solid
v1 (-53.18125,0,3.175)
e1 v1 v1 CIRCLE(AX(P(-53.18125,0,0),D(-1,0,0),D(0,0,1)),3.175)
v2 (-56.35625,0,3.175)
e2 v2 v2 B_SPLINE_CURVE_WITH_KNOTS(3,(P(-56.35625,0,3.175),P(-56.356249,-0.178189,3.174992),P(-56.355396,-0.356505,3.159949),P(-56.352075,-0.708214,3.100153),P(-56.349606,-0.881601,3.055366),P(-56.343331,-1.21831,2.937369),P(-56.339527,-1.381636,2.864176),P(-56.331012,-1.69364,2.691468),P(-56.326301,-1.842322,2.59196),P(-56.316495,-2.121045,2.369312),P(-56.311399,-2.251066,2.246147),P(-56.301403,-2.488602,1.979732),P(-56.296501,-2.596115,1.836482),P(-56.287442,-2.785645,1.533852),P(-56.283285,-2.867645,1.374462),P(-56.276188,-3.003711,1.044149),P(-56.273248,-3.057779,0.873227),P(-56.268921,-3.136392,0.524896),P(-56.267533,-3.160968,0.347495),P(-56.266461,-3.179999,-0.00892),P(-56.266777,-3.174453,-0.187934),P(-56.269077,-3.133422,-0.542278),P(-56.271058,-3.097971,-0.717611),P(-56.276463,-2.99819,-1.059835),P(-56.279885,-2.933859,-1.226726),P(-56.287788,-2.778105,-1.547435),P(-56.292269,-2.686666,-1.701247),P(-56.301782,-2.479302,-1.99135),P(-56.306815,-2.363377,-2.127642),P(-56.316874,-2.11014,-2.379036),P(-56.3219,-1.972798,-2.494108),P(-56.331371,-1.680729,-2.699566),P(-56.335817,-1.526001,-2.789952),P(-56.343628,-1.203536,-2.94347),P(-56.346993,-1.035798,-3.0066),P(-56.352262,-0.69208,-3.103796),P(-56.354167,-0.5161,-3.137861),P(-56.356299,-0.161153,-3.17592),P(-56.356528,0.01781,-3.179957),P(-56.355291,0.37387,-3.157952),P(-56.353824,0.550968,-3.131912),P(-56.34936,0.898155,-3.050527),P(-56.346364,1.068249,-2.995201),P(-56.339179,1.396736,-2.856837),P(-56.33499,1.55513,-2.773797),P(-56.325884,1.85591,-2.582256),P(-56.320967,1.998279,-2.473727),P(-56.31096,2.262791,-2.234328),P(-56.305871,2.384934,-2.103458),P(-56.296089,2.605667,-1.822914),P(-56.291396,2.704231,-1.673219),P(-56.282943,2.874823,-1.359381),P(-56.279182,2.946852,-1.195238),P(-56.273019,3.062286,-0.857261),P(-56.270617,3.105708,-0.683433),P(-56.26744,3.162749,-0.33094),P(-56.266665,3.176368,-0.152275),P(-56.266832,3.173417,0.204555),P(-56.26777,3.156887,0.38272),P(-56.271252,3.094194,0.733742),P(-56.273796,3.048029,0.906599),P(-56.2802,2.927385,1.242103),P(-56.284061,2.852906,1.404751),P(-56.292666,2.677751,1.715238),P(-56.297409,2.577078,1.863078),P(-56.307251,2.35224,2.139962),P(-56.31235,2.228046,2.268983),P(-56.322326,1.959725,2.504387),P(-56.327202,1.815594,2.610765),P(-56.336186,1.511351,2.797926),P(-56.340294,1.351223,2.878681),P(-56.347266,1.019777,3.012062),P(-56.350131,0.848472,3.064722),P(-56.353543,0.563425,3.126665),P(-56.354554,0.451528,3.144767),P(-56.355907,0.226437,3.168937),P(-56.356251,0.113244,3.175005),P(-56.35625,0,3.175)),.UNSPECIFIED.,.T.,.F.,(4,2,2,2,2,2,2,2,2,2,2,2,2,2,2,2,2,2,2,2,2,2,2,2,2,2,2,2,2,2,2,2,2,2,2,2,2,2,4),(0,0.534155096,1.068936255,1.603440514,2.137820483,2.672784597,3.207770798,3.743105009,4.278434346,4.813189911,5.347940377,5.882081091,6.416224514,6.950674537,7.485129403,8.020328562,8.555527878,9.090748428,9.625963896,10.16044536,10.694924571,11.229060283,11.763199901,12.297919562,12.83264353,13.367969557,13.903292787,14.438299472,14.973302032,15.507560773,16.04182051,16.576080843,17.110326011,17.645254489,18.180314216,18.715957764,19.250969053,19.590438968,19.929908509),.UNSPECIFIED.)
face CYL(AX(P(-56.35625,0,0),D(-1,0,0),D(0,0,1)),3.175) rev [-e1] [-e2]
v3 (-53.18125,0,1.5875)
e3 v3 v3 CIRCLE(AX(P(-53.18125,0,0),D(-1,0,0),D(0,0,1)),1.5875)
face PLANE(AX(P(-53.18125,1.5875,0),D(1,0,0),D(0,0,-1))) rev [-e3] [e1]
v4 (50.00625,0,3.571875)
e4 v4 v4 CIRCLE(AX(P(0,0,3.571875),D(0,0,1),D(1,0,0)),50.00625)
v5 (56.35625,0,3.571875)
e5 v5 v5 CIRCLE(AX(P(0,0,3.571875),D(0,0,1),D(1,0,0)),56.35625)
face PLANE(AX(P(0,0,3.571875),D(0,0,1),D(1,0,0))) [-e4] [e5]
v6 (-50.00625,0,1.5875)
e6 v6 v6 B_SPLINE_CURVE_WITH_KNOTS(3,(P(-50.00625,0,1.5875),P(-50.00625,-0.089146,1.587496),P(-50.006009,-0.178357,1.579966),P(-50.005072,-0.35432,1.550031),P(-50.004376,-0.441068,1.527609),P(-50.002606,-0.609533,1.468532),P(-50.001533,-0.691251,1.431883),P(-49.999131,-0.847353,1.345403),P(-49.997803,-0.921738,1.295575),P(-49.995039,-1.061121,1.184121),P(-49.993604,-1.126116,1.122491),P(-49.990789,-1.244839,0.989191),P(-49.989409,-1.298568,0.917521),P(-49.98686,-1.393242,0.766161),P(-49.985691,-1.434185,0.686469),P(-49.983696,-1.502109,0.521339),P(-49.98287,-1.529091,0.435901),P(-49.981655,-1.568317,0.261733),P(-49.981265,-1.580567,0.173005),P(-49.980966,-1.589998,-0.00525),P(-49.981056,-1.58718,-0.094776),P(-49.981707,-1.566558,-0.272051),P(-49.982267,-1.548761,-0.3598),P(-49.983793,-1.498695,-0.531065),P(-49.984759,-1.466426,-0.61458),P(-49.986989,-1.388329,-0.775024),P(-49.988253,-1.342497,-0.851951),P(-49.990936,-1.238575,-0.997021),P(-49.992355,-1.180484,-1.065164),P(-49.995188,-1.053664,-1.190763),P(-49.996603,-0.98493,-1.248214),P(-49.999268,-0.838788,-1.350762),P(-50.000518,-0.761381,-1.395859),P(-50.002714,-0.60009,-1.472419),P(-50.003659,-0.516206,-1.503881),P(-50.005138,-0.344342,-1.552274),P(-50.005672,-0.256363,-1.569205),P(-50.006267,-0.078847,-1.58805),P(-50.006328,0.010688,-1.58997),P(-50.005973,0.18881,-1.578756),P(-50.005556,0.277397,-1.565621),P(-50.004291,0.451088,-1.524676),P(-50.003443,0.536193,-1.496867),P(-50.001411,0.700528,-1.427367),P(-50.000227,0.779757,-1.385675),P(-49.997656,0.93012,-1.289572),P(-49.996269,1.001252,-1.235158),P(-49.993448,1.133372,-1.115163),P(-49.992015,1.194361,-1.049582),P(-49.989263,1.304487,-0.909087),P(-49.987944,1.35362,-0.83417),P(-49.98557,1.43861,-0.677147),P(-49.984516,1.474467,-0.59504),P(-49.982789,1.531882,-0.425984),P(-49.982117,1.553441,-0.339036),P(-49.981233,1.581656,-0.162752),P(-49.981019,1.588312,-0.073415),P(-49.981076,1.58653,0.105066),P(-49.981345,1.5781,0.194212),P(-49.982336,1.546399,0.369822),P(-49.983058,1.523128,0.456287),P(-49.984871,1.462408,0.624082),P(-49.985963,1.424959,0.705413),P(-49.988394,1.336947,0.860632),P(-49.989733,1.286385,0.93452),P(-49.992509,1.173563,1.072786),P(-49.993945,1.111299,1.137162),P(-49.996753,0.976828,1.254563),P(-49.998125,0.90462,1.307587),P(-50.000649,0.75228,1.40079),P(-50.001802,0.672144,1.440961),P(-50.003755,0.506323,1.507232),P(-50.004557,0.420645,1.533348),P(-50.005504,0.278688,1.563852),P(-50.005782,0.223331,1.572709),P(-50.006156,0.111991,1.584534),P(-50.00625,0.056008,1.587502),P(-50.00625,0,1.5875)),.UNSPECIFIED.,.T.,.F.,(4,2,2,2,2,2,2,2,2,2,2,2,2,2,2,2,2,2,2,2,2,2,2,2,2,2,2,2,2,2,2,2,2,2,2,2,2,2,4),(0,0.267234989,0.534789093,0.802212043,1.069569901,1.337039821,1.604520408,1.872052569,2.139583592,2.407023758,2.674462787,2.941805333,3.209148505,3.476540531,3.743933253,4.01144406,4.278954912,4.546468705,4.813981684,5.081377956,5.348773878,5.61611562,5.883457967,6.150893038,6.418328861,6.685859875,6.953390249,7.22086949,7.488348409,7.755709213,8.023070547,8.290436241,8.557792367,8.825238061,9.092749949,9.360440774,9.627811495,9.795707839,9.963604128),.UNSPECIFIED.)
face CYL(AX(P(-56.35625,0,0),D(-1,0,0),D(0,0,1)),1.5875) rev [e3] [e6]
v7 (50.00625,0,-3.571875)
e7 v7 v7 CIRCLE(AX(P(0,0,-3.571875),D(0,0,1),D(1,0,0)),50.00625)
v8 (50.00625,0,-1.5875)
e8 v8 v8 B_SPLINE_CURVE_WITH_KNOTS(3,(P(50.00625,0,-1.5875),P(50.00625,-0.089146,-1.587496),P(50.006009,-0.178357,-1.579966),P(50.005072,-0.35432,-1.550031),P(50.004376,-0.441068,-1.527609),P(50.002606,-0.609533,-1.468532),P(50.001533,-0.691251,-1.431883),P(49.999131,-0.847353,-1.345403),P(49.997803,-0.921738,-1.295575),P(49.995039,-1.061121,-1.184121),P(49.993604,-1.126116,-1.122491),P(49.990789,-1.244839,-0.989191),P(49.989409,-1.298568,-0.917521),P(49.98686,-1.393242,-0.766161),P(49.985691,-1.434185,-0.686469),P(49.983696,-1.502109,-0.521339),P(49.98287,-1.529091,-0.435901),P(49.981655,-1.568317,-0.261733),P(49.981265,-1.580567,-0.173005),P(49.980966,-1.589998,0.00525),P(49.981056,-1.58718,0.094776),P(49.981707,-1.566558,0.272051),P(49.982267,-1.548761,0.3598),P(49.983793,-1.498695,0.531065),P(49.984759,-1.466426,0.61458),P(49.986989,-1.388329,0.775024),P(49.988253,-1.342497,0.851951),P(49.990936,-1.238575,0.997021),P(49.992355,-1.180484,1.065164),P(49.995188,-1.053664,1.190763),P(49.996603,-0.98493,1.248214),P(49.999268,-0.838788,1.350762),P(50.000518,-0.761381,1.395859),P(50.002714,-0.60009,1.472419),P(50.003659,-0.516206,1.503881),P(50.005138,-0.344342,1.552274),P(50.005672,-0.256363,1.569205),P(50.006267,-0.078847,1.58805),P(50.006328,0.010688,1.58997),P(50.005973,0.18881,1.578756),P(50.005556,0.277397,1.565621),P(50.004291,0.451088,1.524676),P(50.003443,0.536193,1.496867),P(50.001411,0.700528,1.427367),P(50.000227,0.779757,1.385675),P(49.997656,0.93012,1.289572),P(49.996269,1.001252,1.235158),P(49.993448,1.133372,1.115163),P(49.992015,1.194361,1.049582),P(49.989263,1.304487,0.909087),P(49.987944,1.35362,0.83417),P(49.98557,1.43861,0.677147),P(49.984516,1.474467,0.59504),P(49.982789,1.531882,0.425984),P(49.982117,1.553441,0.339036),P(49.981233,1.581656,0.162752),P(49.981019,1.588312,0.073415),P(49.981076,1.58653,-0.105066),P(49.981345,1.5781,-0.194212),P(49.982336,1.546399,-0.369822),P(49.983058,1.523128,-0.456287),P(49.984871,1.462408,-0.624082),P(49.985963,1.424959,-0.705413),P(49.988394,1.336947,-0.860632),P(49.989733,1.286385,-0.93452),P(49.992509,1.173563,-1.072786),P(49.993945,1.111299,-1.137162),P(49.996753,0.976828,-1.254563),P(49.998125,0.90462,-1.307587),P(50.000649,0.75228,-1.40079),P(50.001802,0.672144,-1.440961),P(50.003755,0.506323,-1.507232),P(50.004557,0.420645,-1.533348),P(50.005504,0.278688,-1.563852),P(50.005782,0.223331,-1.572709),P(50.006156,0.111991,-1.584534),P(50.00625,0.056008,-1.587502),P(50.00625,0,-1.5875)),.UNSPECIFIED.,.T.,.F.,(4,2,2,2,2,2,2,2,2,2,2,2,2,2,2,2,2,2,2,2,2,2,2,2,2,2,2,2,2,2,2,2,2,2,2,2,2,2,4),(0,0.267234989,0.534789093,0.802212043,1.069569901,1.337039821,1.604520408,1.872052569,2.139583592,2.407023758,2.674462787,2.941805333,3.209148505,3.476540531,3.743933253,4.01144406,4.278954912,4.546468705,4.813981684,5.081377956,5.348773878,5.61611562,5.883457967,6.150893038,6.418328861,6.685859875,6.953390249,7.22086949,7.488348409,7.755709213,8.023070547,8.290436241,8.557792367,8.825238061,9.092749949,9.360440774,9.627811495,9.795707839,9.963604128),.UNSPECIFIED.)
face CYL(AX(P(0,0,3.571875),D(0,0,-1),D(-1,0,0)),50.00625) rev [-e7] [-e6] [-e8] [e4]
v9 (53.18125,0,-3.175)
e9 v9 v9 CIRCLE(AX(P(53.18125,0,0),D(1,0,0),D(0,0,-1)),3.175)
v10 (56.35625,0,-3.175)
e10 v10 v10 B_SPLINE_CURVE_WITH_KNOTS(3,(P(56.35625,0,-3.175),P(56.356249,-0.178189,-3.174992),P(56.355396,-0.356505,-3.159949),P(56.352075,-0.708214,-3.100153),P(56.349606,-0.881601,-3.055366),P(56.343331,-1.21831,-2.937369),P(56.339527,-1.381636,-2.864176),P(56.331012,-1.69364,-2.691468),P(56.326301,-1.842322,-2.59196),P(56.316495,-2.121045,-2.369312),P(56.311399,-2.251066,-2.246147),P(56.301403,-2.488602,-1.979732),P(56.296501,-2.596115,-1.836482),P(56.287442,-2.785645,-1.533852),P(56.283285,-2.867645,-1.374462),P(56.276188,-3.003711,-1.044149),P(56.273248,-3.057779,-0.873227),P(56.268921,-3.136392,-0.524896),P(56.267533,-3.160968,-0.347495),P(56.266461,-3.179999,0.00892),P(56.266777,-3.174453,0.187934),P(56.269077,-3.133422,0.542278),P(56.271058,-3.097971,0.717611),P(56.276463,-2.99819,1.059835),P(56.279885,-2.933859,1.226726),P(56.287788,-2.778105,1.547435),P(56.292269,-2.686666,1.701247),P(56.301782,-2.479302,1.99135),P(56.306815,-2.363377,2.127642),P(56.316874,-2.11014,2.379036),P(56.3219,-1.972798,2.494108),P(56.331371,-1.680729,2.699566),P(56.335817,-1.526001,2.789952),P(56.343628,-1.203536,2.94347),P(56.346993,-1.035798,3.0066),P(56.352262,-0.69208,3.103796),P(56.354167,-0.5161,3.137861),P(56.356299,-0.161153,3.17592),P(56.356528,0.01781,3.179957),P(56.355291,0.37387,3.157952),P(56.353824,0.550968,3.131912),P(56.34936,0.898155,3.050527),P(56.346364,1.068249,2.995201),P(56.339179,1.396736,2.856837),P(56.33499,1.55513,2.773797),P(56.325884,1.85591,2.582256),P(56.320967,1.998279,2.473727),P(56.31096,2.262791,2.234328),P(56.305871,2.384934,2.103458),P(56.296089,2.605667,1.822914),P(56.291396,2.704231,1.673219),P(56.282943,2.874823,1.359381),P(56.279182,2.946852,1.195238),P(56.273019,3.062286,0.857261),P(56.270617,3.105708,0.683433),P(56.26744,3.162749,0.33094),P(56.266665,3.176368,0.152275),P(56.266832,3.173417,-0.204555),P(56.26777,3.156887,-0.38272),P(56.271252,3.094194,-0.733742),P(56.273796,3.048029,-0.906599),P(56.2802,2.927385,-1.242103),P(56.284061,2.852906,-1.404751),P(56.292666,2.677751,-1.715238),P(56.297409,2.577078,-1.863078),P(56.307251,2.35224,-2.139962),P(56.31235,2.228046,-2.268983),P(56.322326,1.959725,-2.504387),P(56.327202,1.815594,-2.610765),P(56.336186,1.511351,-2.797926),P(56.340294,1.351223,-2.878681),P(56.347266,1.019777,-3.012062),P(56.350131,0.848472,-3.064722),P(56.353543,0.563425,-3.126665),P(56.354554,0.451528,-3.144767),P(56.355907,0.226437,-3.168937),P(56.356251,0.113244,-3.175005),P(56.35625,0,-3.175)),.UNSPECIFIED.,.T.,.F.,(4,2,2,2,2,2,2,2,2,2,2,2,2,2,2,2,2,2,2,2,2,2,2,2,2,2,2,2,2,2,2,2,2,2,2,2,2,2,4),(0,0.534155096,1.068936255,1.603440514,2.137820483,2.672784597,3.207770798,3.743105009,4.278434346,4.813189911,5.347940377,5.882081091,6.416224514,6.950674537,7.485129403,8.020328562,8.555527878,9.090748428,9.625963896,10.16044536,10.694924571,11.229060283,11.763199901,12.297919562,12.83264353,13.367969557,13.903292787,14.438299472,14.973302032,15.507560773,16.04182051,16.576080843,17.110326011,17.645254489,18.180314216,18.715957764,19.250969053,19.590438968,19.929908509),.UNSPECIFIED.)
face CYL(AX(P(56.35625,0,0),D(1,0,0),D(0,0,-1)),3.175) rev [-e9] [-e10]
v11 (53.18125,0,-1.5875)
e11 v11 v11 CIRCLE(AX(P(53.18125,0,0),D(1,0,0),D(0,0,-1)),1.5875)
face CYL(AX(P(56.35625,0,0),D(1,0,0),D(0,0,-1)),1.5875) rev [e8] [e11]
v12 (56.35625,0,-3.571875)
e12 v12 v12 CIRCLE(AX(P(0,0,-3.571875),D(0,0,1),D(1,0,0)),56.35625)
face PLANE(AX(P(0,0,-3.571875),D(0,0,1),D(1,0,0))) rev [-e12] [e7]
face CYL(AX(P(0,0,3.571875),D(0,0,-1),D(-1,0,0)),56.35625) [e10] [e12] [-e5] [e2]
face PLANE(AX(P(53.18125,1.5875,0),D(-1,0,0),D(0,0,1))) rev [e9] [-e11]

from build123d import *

# Parameters (mm, degrees)
SKETCH1_R           = 56.35625
SKETCH1_R_2         = 50.00625
BOSS_EXTRUDE1_DEPTH = 3.571875
HOLE1_D             = 3.175
HOLE1_DEPTH         = 12.7
HOLE1_CBORE_D       = 6.35
HOLE1_CBORE_DEPTH   = 3.175


with BuildPart() as part:
    # Sketch1 → Boss-Extrude1 (new body, symmetric)
    with BuildSketch(Plane.XY):
        Circle(SKETCH1_R)
        Circle(SKETCH1_R_2, mode=Mode.SUBTRACT)
    extrude(amount=BOSS_EXTRUDE1_DEPTH, both=True)

    # Hole1
    with Locations(Plane.YZ.offset(56.35625)):
        with Locations((0, 0)):
            hole1 = CounterBoreHole(HOLE1_D / 2, HOLE1_CBORE_D / 2, HOLE1_CBORE_DEPTH, depth=HOLE1_DEPTH)

    # Mirror1: Hole1 across plane
    add(hole1.mirror(Plane(origin=(0, 0, 0), x_dir=(0, 0, 1), z_dir=(1, 0, 0))), mode=Mode.SUBTRACT)


solid = part.part
